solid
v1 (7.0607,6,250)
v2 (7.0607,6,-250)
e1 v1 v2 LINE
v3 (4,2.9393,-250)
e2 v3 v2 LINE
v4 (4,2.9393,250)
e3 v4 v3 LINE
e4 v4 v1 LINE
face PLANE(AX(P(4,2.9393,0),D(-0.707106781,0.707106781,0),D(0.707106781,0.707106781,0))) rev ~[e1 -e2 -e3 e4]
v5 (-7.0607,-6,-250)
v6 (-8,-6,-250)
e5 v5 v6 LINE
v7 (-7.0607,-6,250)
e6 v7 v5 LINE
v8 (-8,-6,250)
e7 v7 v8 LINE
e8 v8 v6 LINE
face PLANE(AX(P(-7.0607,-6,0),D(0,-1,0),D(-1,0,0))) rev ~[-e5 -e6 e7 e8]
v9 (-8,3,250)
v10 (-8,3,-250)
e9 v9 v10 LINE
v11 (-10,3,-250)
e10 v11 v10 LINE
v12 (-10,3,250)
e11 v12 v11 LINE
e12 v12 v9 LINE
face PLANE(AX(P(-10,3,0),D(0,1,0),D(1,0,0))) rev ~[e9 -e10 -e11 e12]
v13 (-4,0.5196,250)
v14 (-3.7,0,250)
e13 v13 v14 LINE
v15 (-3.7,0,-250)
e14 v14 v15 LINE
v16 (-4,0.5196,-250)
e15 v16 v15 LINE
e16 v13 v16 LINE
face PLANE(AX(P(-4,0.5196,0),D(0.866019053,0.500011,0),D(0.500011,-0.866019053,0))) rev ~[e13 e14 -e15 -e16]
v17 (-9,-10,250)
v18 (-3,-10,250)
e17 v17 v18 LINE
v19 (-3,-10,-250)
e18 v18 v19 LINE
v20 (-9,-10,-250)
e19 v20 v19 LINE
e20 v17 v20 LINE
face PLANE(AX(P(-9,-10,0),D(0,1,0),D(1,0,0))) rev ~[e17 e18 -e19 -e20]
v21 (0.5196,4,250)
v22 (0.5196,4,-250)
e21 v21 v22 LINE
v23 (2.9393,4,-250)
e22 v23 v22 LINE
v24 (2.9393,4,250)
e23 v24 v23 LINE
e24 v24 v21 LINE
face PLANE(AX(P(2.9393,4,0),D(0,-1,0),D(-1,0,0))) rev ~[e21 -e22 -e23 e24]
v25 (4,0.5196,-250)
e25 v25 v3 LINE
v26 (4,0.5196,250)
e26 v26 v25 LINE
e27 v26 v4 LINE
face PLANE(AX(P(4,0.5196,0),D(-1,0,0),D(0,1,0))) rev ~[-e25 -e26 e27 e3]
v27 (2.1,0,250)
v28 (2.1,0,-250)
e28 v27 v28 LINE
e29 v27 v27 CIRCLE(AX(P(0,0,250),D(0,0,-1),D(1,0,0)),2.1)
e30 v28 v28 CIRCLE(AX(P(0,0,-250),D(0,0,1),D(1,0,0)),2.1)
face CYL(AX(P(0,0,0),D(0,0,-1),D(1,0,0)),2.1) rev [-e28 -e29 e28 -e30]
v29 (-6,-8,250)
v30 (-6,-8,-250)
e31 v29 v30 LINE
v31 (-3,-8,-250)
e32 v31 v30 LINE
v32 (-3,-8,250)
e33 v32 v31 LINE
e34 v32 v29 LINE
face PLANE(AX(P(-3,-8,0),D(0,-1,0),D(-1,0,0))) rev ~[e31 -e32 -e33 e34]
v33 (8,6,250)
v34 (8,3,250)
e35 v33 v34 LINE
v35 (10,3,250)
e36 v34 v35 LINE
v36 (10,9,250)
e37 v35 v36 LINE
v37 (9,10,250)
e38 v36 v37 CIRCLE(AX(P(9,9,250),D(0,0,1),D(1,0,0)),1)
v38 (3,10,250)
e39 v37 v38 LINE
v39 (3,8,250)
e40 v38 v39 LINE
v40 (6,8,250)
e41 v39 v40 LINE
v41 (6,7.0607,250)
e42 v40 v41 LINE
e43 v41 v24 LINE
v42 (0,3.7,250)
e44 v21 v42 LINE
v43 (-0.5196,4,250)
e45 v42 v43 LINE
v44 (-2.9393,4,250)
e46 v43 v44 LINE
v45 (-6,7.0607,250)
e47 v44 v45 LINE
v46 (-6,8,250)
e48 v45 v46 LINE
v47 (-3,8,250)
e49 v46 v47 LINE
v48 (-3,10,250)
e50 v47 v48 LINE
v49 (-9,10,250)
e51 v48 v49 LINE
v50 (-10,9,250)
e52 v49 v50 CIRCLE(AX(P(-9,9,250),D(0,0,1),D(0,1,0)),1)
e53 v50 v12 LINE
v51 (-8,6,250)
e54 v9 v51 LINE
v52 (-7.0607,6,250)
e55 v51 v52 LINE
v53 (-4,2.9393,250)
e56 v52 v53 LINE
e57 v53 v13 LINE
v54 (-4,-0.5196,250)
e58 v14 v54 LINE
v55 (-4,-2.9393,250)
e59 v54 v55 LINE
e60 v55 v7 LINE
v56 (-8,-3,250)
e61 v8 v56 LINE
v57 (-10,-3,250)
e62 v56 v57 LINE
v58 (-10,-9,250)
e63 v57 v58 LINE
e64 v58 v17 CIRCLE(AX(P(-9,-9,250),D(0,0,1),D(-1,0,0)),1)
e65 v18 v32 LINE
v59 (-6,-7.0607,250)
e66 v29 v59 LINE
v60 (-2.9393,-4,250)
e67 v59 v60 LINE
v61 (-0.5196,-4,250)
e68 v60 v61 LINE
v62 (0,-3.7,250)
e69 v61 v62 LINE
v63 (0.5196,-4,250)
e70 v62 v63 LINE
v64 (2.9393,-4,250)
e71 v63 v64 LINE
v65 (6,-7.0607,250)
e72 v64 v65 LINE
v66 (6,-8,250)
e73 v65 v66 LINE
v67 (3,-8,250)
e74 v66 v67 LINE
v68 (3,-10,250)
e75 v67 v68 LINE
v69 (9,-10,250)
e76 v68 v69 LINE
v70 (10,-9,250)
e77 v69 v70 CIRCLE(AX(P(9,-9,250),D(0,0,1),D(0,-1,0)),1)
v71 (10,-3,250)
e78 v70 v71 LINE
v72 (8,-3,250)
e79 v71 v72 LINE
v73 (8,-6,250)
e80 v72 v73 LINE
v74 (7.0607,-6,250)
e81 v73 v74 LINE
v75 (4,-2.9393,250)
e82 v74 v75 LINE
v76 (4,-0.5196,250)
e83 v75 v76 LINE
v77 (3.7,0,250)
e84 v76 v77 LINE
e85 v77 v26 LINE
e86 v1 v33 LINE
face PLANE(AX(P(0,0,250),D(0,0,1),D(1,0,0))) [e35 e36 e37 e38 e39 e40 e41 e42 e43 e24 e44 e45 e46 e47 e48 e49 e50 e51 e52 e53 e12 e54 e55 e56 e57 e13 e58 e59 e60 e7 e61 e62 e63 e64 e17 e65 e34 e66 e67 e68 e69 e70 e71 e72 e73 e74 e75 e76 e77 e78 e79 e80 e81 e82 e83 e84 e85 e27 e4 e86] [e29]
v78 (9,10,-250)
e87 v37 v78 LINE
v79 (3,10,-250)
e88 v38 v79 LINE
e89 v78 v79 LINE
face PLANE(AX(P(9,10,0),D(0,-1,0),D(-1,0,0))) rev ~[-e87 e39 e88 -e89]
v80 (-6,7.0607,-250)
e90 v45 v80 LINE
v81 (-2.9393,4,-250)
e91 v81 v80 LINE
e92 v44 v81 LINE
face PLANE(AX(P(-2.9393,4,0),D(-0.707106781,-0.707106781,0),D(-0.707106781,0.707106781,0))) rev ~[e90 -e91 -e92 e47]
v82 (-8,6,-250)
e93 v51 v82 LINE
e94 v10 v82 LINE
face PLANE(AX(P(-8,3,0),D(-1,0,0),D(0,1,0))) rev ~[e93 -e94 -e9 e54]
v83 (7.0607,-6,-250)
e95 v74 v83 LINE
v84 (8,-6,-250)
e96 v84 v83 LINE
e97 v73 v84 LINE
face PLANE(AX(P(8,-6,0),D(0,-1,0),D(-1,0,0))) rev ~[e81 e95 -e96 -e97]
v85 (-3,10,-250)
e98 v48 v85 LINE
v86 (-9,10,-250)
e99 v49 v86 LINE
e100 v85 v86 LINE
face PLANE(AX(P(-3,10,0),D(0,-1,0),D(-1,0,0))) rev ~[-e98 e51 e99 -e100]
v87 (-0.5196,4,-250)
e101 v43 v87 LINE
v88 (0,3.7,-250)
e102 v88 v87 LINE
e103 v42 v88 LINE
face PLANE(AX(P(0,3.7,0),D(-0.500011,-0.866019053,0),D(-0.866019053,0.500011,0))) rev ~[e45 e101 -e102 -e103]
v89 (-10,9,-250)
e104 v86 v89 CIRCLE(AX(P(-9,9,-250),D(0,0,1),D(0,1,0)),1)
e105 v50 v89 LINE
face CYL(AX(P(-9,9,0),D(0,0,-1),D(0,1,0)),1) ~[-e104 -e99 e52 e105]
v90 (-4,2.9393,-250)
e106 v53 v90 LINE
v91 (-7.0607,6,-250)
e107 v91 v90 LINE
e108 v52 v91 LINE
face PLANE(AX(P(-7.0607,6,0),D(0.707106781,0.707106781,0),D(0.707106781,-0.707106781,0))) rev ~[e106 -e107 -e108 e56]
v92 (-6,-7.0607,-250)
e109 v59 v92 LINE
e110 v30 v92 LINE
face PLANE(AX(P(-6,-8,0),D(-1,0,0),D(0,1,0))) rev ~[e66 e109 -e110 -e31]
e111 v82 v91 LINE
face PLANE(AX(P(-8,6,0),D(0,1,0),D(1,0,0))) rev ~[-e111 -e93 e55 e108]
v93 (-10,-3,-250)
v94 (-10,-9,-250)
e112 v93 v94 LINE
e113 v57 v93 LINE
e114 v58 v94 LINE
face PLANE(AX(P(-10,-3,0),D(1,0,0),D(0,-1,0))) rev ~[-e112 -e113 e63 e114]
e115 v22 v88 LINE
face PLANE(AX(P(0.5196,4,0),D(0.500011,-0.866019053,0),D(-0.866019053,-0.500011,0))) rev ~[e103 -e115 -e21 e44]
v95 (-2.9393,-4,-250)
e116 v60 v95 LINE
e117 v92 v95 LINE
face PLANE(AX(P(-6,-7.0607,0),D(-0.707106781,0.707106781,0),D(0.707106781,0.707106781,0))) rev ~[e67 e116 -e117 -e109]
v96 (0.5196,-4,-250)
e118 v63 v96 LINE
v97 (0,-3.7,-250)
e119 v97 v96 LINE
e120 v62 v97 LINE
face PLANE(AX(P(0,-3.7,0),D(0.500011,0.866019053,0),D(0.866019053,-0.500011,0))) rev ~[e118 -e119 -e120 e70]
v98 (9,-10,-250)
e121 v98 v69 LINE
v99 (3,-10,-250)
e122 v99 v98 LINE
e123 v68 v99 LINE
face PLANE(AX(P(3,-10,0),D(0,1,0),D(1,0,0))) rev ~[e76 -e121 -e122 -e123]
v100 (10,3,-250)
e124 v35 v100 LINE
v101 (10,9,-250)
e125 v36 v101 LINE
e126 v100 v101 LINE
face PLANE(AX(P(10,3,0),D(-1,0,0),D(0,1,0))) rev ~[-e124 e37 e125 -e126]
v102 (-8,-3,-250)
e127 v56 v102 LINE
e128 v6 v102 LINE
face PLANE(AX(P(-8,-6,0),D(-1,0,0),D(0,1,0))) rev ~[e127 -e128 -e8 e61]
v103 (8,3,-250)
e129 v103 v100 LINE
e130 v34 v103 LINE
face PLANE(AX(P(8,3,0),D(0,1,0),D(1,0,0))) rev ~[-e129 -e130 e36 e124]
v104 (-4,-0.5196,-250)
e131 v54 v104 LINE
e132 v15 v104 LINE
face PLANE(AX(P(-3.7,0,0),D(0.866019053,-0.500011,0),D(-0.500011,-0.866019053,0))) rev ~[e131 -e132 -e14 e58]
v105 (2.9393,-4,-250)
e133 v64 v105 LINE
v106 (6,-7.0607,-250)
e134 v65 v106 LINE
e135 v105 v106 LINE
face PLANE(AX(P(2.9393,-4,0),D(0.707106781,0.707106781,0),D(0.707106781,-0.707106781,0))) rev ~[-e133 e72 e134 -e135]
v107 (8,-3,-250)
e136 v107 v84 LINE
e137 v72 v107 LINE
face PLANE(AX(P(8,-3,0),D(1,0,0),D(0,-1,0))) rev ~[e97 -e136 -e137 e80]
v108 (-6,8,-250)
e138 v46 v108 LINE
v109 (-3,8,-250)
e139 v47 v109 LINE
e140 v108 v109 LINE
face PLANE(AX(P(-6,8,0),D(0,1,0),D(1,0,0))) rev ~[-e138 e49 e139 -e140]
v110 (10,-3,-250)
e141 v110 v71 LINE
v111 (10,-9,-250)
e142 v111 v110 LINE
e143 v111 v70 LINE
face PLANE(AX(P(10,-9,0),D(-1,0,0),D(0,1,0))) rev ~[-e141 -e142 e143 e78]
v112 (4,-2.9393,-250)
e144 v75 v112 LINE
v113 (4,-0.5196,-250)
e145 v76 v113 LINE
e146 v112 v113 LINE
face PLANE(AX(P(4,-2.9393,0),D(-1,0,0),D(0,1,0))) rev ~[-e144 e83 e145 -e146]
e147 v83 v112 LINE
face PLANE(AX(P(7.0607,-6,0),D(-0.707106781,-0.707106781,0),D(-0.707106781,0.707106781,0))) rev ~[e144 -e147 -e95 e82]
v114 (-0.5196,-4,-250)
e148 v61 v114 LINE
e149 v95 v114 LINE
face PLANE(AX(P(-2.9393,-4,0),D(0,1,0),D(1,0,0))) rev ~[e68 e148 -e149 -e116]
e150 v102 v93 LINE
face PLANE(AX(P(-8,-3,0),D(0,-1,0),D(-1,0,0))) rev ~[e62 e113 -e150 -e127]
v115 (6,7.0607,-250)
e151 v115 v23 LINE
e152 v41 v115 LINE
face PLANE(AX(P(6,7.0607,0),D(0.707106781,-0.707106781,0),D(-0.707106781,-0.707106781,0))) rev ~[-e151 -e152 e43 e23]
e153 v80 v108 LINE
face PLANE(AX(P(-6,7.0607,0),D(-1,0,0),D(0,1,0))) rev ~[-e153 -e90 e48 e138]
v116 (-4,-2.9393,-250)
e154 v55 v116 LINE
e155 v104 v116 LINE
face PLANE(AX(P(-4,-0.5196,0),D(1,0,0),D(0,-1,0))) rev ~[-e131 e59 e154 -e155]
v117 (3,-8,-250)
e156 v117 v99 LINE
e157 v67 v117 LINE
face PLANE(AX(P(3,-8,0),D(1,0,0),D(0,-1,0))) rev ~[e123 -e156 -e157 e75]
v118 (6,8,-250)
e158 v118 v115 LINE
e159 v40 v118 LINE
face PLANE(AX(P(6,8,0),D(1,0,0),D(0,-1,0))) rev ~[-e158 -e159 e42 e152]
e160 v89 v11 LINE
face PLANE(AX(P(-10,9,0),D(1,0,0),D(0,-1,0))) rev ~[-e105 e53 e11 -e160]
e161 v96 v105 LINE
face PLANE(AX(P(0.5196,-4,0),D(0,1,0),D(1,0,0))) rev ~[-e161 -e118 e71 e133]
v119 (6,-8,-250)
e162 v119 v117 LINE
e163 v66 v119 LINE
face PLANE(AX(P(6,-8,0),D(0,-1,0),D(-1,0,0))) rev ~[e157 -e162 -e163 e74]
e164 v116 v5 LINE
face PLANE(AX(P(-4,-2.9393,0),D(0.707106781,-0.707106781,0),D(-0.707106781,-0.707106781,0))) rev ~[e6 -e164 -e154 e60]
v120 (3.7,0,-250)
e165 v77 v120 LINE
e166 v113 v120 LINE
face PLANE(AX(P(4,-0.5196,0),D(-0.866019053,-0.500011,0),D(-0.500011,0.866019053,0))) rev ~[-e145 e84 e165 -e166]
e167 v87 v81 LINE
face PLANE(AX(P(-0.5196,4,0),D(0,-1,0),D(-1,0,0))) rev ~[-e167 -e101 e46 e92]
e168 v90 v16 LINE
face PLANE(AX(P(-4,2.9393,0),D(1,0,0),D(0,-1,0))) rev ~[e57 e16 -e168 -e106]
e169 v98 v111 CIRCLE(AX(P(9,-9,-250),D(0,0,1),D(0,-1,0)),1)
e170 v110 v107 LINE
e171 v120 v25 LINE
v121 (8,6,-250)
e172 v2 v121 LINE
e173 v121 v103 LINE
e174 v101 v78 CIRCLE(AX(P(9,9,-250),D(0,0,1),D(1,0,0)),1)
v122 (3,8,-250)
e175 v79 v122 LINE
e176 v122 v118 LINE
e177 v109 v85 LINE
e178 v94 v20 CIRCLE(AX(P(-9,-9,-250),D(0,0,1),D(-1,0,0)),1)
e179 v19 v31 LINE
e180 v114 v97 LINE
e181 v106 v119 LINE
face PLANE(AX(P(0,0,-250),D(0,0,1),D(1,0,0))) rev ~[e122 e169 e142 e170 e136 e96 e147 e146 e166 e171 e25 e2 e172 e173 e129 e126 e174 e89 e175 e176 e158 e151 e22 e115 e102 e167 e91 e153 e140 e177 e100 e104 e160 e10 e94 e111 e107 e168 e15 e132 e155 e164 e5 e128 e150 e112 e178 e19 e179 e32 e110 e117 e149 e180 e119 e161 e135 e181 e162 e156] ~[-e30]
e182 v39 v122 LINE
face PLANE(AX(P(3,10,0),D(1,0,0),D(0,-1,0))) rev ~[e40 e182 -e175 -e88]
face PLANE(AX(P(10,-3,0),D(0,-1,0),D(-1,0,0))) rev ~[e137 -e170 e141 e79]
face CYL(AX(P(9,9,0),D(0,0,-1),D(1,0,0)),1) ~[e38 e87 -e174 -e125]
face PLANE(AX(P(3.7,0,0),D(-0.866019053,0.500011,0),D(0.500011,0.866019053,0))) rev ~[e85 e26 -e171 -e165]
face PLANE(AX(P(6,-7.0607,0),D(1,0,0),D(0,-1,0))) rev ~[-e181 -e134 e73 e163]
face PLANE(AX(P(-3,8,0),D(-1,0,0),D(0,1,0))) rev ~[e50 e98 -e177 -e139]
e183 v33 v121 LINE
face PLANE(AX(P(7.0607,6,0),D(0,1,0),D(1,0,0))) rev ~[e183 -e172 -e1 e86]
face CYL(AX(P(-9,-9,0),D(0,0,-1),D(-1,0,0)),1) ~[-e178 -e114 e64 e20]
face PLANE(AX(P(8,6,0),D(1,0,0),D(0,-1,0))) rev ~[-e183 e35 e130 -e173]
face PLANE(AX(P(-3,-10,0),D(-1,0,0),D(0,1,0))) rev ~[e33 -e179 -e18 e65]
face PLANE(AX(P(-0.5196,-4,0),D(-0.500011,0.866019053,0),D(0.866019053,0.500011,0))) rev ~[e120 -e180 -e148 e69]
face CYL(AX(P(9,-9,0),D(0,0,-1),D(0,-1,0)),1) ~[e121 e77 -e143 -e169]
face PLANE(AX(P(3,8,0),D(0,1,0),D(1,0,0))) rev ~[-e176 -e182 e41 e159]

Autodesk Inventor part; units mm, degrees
ref_plane "YZ Plane" through (0, 0, 0) normal (1, 0, 0) x (0, 1, 0)
ref_plane "XZ Plane" through (0, 0, 0) normal (0, 1, 0) x (-1, 0, 0)
ref_plane "XY Plane" through (0, 0, 0) normal (0, 0, 1) x (1, 0, 0)
sketch "Sketch1" plane through (0, 0, 0) normal (0, 0, 1) x (1, 0, 0)
  line L0 (-2.205, 0) -> (2.205, 0)
  line L1 (0, -2.205) -> (0, 2.205)
  arc A0 (9, -10) -> (10, -9) centre (9, -9) ccw
  line L2 (-10, 9) -> (-10, 3)
  line L3 (-10, 3) -> (-8, 3)
  line L4 (-8, 3) -> (-8, 6)
  line L5 (-8, 6) -> (-7.0607, 6)
  line L6 (-7.0607, 6) -> (-4, 2.9393)
  line L7 (-4, 2.9393) -> (-4, 0.5196)
  line L8 (-4, 0.5196) -> (-3.7, 0)
  line L9 (-3.7, 0) -> (-4, -0.5196)
  line L10 (-4, -0.5196) -> (-4, -2.9393)
  line L11 (-4, -2.9393) -> (-7.0607, -6)
  line L12 (-7.0607, -6) -> (-8, -6)
  line L13 (-8, -6) -> (-8, -3)
  line L14 (-8, -3) -> (-10, -3)
  line L15 (-10, -3) -> (-10, -9)
  arc A1 (-10, -9) -> (-9, -10) centre (-9, -9) ccw
  line L16 (-9, -10) -> (-3, -10)
  line L17 (-3, -10) -> (-3, -8)
  line L18 (-3, -8) -> (-6, -8)
  line L19 (-6, -7.0607) -> (-2.9393, -4)
  line L20 (-2.9393, -4) -> (-0.5196, -4)
  line L21 (-0.5196, -4) -> (0, -3.7)
  line L22 (0, -3.7) -> (0.5196, -4)
  line L23 (0.5196, -4) -> (2.9393, -4)
  line L24 (2.9393, -4) -> (6, -7.0607)
  line L25 (6, -7.0607) -> (6, -8)
  line L26 (6, -8) -> (3, -8)
  line L27 (3, -8) -> (3, -10)
  line L28 (3, -10) -> (9, -10)
  line L29 (10, -9) -> (10, -3)
  line L30 (10, -3) -> (8, -3)
  line L31 (8, -3) -> (8, -6)
  line L32 (8, -6) -> (7.0607, -6)
  line L33 (7.0607, -6) -> (4, -2.9393)
  line L34 (4, -2.9393) -> (4, -0.5196)
  line L35 (4, -0.5196) -> (3.7, 0)
  line L36 (3.7, 0) -> (4, 0.5196)
  line L37 (4, 0.5196) -> (4, 2.9393)
  line L38 (4, 2.9393) -> (7.0607, 6)
  line L39 (7.0607, 6) -> (8, 6)
  line L40 (8, 6) -> (8, 3)
  line L41 (8, 3) -> (10, 3)
  line L42 (10, 3) -> (10, 9)
  arc A2 (10, 9) -> (9, 10) centre (9, 9) ccw
  line L43 (9, 10) -> (3, 10)
  line L44 (3, 10) -> (3, 8)
  line L45 (3, 8) -> (6, 8)
  line L46 (6, 8) -> (6, 7.0607)
  line L47 (6, 7.0607) -> (2.9393, 4)
  line L48 (2.9393, 4) -> (0.5196, 4)
  line L49 (0.5196, 4) -> (0, 3.7)
  line L50 (0, 3.7) -> (-0.5196, 4)
  line L51 (-0.5196, 4) -> (-2.9393, 4)
  line L52 (-2.9393, 4) -> (-6, 7.0607)
  line L53 (-6, 7.0607) -> (-6, 8)
  line L54 (-6, 8) -> (-3, 8)
  line L55 (-3, 8) -> (-3, 10)
  line L56 (-3, 10) -> (-9, 10)
  arc A3 (-9, 10) -> (-10, 9) centre (-9, 9) ccw
  circle A4 centre (0, 0) radius 2.1
  line L57 (-6, -8) -> (-6, -7.0607)
extrude "Extrusion1" add sketch "Sketch1" along normal mid plane 500
equation "\"d0\" = depth"
equation "\"depth\" = 500"
equation "\"facingThickness\" = 12.7"
equation "\"facingGasketThickness\" = 1.5875"
properties part number "HFS5-2020" material "Aluminum 6061"
